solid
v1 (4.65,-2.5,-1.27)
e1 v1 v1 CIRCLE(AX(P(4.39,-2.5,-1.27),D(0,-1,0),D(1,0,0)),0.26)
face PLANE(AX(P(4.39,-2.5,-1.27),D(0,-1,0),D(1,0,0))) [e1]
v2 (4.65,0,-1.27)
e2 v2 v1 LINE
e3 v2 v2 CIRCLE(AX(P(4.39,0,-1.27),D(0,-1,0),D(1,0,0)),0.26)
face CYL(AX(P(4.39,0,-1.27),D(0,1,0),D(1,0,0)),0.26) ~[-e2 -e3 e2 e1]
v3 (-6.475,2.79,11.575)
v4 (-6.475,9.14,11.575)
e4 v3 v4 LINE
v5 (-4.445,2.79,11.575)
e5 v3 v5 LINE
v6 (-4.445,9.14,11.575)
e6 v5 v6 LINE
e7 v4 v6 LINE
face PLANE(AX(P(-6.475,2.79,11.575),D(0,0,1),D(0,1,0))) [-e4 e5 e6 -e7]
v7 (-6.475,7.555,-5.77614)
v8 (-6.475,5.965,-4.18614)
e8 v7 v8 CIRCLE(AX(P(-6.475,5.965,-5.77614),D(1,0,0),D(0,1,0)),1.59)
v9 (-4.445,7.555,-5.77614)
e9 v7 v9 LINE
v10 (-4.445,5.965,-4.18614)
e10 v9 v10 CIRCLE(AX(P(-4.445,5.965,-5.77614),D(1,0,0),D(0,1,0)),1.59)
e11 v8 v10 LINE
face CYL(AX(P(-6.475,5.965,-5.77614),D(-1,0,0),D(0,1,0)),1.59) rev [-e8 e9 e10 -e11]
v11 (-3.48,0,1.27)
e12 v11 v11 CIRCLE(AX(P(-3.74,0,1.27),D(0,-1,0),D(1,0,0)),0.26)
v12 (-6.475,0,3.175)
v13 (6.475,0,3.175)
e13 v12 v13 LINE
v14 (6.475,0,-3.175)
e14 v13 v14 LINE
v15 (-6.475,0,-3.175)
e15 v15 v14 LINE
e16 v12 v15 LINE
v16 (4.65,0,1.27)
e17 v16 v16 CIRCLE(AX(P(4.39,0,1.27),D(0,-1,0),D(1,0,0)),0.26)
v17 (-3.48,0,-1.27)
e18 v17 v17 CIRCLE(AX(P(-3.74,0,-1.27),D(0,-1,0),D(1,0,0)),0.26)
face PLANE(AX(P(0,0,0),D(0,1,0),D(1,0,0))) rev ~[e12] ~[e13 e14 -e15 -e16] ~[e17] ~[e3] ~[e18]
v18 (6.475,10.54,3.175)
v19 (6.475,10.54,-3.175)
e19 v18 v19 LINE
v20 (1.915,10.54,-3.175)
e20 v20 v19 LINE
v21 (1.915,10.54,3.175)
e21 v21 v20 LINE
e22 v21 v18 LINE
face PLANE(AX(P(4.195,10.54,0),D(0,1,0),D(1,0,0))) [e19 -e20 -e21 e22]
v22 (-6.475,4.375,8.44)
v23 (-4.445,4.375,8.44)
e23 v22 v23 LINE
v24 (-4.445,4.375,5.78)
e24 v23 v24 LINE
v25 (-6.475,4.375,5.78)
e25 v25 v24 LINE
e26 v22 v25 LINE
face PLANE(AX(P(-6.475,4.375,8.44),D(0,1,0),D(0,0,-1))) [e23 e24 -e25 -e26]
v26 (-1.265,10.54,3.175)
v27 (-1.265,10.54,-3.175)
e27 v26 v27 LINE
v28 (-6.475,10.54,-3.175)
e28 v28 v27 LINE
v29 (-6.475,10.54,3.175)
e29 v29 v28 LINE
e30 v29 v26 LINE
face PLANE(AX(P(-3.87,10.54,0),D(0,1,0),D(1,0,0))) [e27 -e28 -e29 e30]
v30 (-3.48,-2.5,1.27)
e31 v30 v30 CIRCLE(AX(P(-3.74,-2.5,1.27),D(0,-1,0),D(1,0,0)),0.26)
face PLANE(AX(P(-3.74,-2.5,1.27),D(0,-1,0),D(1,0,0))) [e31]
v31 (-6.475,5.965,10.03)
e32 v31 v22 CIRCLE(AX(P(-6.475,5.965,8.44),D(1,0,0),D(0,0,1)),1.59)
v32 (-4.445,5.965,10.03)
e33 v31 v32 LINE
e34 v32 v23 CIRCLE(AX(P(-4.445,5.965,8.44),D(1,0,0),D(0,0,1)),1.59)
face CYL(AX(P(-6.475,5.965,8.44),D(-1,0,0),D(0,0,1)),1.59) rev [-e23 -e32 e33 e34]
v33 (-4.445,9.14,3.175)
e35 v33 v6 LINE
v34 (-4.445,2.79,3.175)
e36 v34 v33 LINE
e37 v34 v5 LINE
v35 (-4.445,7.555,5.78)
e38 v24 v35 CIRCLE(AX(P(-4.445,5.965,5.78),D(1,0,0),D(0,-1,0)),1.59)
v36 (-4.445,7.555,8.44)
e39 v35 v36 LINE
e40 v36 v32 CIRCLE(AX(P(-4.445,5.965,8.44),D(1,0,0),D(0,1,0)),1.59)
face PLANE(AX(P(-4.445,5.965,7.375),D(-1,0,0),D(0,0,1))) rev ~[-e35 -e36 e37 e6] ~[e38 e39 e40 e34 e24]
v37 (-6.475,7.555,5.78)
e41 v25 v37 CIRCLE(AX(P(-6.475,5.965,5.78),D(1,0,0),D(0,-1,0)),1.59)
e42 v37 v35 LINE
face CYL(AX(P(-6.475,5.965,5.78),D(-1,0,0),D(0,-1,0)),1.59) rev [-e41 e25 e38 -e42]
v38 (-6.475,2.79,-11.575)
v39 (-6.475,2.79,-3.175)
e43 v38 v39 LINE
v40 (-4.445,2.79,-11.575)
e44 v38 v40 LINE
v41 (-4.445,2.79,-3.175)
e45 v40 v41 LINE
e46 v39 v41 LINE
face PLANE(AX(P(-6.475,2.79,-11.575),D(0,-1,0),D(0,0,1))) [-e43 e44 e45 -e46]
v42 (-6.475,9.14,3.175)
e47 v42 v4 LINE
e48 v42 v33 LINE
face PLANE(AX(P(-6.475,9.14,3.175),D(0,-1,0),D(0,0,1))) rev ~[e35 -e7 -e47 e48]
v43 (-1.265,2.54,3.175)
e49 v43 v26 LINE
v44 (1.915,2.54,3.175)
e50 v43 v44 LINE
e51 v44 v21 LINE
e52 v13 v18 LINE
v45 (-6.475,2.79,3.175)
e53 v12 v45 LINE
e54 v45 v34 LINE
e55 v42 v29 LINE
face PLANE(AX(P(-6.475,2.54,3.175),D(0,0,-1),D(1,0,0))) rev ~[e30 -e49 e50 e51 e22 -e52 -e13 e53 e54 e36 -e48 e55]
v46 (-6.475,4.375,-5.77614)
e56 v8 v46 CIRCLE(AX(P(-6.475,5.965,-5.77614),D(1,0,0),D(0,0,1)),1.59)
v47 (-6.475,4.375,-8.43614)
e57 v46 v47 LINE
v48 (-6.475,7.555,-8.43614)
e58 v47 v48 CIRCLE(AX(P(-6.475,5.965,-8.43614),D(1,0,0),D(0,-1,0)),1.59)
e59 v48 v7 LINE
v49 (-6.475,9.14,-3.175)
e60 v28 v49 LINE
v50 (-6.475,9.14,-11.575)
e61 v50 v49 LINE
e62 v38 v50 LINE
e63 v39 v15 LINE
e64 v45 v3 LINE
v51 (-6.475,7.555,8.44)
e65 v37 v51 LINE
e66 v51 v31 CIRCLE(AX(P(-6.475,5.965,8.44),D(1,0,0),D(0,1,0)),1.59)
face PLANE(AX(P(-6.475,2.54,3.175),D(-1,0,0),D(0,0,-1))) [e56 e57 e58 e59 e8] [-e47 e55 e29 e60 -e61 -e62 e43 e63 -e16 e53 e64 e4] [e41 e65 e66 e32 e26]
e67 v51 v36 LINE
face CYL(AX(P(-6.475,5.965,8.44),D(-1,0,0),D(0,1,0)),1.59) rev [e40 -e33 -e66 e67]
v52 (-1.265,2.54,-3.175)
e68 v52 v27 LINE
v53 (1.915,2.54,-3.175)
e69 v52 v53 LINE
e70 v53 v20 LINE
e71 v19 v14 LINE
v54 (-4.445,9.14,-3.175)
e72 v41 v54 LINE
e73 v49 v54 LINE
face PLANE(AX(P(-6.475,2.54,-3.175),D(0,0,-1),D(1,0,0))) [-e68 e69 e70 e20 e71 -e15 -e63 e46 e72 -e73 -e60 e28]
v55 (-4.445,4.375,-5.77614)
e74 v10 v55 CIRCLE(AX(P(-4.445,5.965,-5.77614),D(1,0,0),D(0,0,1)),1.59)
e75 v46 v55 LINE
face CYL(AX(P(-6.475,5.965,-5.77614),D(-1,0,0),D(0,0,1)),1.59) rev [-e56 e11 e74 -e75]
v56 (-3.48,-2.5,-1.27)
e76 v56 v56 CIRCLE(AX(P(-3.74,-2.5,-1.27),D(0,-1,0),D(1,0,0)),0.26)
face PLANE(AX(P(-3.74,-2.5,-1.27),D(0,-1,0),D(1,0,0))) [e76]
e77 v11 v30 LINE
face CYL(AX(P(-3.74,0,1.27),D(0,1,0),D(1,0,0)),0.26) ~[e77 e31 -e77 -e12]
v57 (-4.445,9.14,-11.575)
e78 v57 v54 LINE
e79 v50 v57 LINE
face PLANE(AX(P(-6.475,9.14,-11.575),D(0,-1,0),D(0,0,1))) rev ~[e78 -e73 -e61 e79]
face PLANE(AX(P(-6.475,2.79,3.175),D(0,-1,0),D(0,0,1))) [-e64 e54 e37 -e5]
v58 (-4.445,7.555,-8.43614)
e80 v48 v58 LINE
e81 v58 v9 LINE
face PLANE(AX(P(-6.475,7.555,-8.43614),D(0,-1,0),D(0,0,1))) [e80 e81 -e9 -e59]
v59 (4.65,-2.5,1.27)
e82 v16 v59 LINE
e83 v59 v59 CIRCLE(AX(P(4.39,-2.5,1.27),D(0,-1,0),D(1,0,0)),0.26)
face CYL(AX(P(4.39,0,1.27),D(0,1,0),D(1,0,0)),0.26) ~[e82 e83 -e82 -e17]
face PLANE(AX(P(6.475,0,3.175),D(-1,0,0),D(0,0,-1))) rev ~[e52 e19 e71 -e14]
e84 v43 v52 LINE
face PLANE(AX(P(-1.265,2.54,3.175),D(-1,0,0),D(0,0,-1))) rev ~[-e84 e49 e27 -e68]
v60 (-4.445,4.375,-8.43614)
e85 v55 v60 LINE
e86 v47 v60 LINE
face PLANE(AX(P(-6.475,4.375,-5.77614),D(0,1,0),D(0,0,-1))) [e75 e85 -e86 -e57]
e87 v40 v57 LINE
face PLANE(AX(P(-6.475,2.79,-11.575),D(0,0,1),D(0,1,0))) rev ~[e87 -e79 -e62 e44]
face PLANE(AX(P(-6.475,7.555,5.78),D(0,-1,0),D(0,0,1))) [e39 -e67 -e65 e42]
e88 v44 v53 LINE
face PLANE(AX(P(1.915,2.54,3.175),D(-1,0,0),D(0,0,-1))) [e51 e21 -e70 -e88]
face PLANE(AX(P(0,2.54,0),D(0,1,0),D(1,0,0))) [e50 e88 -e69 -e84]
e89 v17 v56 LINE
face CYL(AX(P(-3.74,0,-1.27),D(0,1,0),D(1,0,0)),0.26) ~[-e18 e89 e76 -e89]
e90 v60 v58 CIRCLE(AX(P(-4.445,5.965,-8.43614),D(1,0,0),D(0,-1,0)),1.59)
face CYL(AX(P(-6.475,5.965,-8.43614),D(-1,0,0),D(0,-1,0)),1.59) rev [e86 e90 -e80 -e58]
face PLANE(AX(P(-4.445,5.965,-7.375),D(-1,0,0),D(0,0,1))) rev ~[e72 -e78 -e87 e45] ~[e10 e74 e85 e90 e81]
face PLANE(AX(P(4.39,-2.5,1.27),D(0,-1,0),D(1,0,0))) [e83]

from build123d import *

# Parameters (mm, degrees)
SKETCH2_W           = 12.95
SKETCH2_H           = 6.35
BOSS_EXTRUDE1_DEPTH = 2.54
SKETCH3_W           = 5.21
SKETCH3_H           = 6.35
SKETCH3_W_2         = 4.56
BOSS_EXTRUDE2_DEPTH = 8
SKETCH5_R           = 0.26
BOSS_EXTRUDE5_DEPTH = 2.5
SKETCH6_W           = 8.4
SKETCH6_H           = 6.35
BOSS_EXTRUDE6_DEPTH = 2.03


with BuildPart() as part:
    # Sketch2 → Boss-Extrude1 (new body)
    with BuildSketch(Plane(origin=(0, 0, 0), x_dir=(1, 0, 0), z_dir=(0, 1, 0))):
        Rectangle(SKETCH2_W, SKETCH2_H)
    extrude(amount=BOSS_EXTRUDE1_DEPTH)

    # Sketch3 → Boss-Extrude2 (add)
    with BuildSketch(Plane(origin=(0, 2.54, 0), x_dir=(1, 0, 0), z_dir=(0, 1, 0))):
        with Locations((-3.87, 0)):
            Rectangle(SKETCH3_W, SKETCH3_H)
        with Locations((4.195, 0)):
            Rectangle(SKETCH3_W_2, SKETCH3_H)
    extrude(amount=BOSS_EXTRUDE2_DEPTH)

    # Sketch5 → Boss-Extrude5 (add)
    with BuildSketch(Plane.XZ):
        with Locations((-3.74, -1.27)):
            Circle(SKETCH5_R)
        with Locations((-3.74, 1.27)):
            Circle(SKETCH5_R)
        with Locations((4.39, -1.27)):
            Circle(SKETCH5_R)
        with Locations((4.39, 1.27)):
            Circle(SKETCH5_R)
    extrude(amount=BOSS_EXTRUDE5_DEPTH)

    # Sketch6 → Boss-Extrude6 (add)
    with BuildSketch(Plane.ZY.offset(6.475)):
        with Locations((-7.375, 5.965)):
            Rectangle(SKETCH6_W, SKETCH6_H)
        with BuildLine():
            ThreePointArc((-8.436140087, 4.375), (-10.026140087, 5.965), (-8.436140087, 7.555))
            Line((-8.436140087, 7.555), (-5.776140087, 7.555))
            ThreePointArc((-5.776140087, 7.555), (-4.651840305, 7.089299782), (-4.186140087, 5.965))
            ThreePointArc((-4.186140087, 5.965), (-4.651840305, 4.840700218), (-5.776140087, 4.375))
            Line((-5.776140087, 4.375), (-8.436140087, 4.375))
        make_face(mode=Mode.SUBTRACT)
        with Locations((7.375, 5.965)):
            Rectangle(SKETCH6_W, SKETCH6_H)
        with BuildLine():
            ThreePointArc((5.78, 4.375), (4.19, 5.965), (5.78, 7.555))
            Line((5.78, 7.555), (8.44, 7.555))
            ThreePointArc((8.44, 7.555), (9.564299782, 7.089299782), (10.03, 5.965))
            ThreePointArc((10.03, 5.965), (9.564299782, 4.840700218), (8.44, 4.375))
            Line((8.44, 4.375), (5.78, 4.375))
        make_face(mode=Mode.SUBTRACT)
    extrude(amount=-BOSS_EXTRUDE6_DEPTH)


solid = part.part
